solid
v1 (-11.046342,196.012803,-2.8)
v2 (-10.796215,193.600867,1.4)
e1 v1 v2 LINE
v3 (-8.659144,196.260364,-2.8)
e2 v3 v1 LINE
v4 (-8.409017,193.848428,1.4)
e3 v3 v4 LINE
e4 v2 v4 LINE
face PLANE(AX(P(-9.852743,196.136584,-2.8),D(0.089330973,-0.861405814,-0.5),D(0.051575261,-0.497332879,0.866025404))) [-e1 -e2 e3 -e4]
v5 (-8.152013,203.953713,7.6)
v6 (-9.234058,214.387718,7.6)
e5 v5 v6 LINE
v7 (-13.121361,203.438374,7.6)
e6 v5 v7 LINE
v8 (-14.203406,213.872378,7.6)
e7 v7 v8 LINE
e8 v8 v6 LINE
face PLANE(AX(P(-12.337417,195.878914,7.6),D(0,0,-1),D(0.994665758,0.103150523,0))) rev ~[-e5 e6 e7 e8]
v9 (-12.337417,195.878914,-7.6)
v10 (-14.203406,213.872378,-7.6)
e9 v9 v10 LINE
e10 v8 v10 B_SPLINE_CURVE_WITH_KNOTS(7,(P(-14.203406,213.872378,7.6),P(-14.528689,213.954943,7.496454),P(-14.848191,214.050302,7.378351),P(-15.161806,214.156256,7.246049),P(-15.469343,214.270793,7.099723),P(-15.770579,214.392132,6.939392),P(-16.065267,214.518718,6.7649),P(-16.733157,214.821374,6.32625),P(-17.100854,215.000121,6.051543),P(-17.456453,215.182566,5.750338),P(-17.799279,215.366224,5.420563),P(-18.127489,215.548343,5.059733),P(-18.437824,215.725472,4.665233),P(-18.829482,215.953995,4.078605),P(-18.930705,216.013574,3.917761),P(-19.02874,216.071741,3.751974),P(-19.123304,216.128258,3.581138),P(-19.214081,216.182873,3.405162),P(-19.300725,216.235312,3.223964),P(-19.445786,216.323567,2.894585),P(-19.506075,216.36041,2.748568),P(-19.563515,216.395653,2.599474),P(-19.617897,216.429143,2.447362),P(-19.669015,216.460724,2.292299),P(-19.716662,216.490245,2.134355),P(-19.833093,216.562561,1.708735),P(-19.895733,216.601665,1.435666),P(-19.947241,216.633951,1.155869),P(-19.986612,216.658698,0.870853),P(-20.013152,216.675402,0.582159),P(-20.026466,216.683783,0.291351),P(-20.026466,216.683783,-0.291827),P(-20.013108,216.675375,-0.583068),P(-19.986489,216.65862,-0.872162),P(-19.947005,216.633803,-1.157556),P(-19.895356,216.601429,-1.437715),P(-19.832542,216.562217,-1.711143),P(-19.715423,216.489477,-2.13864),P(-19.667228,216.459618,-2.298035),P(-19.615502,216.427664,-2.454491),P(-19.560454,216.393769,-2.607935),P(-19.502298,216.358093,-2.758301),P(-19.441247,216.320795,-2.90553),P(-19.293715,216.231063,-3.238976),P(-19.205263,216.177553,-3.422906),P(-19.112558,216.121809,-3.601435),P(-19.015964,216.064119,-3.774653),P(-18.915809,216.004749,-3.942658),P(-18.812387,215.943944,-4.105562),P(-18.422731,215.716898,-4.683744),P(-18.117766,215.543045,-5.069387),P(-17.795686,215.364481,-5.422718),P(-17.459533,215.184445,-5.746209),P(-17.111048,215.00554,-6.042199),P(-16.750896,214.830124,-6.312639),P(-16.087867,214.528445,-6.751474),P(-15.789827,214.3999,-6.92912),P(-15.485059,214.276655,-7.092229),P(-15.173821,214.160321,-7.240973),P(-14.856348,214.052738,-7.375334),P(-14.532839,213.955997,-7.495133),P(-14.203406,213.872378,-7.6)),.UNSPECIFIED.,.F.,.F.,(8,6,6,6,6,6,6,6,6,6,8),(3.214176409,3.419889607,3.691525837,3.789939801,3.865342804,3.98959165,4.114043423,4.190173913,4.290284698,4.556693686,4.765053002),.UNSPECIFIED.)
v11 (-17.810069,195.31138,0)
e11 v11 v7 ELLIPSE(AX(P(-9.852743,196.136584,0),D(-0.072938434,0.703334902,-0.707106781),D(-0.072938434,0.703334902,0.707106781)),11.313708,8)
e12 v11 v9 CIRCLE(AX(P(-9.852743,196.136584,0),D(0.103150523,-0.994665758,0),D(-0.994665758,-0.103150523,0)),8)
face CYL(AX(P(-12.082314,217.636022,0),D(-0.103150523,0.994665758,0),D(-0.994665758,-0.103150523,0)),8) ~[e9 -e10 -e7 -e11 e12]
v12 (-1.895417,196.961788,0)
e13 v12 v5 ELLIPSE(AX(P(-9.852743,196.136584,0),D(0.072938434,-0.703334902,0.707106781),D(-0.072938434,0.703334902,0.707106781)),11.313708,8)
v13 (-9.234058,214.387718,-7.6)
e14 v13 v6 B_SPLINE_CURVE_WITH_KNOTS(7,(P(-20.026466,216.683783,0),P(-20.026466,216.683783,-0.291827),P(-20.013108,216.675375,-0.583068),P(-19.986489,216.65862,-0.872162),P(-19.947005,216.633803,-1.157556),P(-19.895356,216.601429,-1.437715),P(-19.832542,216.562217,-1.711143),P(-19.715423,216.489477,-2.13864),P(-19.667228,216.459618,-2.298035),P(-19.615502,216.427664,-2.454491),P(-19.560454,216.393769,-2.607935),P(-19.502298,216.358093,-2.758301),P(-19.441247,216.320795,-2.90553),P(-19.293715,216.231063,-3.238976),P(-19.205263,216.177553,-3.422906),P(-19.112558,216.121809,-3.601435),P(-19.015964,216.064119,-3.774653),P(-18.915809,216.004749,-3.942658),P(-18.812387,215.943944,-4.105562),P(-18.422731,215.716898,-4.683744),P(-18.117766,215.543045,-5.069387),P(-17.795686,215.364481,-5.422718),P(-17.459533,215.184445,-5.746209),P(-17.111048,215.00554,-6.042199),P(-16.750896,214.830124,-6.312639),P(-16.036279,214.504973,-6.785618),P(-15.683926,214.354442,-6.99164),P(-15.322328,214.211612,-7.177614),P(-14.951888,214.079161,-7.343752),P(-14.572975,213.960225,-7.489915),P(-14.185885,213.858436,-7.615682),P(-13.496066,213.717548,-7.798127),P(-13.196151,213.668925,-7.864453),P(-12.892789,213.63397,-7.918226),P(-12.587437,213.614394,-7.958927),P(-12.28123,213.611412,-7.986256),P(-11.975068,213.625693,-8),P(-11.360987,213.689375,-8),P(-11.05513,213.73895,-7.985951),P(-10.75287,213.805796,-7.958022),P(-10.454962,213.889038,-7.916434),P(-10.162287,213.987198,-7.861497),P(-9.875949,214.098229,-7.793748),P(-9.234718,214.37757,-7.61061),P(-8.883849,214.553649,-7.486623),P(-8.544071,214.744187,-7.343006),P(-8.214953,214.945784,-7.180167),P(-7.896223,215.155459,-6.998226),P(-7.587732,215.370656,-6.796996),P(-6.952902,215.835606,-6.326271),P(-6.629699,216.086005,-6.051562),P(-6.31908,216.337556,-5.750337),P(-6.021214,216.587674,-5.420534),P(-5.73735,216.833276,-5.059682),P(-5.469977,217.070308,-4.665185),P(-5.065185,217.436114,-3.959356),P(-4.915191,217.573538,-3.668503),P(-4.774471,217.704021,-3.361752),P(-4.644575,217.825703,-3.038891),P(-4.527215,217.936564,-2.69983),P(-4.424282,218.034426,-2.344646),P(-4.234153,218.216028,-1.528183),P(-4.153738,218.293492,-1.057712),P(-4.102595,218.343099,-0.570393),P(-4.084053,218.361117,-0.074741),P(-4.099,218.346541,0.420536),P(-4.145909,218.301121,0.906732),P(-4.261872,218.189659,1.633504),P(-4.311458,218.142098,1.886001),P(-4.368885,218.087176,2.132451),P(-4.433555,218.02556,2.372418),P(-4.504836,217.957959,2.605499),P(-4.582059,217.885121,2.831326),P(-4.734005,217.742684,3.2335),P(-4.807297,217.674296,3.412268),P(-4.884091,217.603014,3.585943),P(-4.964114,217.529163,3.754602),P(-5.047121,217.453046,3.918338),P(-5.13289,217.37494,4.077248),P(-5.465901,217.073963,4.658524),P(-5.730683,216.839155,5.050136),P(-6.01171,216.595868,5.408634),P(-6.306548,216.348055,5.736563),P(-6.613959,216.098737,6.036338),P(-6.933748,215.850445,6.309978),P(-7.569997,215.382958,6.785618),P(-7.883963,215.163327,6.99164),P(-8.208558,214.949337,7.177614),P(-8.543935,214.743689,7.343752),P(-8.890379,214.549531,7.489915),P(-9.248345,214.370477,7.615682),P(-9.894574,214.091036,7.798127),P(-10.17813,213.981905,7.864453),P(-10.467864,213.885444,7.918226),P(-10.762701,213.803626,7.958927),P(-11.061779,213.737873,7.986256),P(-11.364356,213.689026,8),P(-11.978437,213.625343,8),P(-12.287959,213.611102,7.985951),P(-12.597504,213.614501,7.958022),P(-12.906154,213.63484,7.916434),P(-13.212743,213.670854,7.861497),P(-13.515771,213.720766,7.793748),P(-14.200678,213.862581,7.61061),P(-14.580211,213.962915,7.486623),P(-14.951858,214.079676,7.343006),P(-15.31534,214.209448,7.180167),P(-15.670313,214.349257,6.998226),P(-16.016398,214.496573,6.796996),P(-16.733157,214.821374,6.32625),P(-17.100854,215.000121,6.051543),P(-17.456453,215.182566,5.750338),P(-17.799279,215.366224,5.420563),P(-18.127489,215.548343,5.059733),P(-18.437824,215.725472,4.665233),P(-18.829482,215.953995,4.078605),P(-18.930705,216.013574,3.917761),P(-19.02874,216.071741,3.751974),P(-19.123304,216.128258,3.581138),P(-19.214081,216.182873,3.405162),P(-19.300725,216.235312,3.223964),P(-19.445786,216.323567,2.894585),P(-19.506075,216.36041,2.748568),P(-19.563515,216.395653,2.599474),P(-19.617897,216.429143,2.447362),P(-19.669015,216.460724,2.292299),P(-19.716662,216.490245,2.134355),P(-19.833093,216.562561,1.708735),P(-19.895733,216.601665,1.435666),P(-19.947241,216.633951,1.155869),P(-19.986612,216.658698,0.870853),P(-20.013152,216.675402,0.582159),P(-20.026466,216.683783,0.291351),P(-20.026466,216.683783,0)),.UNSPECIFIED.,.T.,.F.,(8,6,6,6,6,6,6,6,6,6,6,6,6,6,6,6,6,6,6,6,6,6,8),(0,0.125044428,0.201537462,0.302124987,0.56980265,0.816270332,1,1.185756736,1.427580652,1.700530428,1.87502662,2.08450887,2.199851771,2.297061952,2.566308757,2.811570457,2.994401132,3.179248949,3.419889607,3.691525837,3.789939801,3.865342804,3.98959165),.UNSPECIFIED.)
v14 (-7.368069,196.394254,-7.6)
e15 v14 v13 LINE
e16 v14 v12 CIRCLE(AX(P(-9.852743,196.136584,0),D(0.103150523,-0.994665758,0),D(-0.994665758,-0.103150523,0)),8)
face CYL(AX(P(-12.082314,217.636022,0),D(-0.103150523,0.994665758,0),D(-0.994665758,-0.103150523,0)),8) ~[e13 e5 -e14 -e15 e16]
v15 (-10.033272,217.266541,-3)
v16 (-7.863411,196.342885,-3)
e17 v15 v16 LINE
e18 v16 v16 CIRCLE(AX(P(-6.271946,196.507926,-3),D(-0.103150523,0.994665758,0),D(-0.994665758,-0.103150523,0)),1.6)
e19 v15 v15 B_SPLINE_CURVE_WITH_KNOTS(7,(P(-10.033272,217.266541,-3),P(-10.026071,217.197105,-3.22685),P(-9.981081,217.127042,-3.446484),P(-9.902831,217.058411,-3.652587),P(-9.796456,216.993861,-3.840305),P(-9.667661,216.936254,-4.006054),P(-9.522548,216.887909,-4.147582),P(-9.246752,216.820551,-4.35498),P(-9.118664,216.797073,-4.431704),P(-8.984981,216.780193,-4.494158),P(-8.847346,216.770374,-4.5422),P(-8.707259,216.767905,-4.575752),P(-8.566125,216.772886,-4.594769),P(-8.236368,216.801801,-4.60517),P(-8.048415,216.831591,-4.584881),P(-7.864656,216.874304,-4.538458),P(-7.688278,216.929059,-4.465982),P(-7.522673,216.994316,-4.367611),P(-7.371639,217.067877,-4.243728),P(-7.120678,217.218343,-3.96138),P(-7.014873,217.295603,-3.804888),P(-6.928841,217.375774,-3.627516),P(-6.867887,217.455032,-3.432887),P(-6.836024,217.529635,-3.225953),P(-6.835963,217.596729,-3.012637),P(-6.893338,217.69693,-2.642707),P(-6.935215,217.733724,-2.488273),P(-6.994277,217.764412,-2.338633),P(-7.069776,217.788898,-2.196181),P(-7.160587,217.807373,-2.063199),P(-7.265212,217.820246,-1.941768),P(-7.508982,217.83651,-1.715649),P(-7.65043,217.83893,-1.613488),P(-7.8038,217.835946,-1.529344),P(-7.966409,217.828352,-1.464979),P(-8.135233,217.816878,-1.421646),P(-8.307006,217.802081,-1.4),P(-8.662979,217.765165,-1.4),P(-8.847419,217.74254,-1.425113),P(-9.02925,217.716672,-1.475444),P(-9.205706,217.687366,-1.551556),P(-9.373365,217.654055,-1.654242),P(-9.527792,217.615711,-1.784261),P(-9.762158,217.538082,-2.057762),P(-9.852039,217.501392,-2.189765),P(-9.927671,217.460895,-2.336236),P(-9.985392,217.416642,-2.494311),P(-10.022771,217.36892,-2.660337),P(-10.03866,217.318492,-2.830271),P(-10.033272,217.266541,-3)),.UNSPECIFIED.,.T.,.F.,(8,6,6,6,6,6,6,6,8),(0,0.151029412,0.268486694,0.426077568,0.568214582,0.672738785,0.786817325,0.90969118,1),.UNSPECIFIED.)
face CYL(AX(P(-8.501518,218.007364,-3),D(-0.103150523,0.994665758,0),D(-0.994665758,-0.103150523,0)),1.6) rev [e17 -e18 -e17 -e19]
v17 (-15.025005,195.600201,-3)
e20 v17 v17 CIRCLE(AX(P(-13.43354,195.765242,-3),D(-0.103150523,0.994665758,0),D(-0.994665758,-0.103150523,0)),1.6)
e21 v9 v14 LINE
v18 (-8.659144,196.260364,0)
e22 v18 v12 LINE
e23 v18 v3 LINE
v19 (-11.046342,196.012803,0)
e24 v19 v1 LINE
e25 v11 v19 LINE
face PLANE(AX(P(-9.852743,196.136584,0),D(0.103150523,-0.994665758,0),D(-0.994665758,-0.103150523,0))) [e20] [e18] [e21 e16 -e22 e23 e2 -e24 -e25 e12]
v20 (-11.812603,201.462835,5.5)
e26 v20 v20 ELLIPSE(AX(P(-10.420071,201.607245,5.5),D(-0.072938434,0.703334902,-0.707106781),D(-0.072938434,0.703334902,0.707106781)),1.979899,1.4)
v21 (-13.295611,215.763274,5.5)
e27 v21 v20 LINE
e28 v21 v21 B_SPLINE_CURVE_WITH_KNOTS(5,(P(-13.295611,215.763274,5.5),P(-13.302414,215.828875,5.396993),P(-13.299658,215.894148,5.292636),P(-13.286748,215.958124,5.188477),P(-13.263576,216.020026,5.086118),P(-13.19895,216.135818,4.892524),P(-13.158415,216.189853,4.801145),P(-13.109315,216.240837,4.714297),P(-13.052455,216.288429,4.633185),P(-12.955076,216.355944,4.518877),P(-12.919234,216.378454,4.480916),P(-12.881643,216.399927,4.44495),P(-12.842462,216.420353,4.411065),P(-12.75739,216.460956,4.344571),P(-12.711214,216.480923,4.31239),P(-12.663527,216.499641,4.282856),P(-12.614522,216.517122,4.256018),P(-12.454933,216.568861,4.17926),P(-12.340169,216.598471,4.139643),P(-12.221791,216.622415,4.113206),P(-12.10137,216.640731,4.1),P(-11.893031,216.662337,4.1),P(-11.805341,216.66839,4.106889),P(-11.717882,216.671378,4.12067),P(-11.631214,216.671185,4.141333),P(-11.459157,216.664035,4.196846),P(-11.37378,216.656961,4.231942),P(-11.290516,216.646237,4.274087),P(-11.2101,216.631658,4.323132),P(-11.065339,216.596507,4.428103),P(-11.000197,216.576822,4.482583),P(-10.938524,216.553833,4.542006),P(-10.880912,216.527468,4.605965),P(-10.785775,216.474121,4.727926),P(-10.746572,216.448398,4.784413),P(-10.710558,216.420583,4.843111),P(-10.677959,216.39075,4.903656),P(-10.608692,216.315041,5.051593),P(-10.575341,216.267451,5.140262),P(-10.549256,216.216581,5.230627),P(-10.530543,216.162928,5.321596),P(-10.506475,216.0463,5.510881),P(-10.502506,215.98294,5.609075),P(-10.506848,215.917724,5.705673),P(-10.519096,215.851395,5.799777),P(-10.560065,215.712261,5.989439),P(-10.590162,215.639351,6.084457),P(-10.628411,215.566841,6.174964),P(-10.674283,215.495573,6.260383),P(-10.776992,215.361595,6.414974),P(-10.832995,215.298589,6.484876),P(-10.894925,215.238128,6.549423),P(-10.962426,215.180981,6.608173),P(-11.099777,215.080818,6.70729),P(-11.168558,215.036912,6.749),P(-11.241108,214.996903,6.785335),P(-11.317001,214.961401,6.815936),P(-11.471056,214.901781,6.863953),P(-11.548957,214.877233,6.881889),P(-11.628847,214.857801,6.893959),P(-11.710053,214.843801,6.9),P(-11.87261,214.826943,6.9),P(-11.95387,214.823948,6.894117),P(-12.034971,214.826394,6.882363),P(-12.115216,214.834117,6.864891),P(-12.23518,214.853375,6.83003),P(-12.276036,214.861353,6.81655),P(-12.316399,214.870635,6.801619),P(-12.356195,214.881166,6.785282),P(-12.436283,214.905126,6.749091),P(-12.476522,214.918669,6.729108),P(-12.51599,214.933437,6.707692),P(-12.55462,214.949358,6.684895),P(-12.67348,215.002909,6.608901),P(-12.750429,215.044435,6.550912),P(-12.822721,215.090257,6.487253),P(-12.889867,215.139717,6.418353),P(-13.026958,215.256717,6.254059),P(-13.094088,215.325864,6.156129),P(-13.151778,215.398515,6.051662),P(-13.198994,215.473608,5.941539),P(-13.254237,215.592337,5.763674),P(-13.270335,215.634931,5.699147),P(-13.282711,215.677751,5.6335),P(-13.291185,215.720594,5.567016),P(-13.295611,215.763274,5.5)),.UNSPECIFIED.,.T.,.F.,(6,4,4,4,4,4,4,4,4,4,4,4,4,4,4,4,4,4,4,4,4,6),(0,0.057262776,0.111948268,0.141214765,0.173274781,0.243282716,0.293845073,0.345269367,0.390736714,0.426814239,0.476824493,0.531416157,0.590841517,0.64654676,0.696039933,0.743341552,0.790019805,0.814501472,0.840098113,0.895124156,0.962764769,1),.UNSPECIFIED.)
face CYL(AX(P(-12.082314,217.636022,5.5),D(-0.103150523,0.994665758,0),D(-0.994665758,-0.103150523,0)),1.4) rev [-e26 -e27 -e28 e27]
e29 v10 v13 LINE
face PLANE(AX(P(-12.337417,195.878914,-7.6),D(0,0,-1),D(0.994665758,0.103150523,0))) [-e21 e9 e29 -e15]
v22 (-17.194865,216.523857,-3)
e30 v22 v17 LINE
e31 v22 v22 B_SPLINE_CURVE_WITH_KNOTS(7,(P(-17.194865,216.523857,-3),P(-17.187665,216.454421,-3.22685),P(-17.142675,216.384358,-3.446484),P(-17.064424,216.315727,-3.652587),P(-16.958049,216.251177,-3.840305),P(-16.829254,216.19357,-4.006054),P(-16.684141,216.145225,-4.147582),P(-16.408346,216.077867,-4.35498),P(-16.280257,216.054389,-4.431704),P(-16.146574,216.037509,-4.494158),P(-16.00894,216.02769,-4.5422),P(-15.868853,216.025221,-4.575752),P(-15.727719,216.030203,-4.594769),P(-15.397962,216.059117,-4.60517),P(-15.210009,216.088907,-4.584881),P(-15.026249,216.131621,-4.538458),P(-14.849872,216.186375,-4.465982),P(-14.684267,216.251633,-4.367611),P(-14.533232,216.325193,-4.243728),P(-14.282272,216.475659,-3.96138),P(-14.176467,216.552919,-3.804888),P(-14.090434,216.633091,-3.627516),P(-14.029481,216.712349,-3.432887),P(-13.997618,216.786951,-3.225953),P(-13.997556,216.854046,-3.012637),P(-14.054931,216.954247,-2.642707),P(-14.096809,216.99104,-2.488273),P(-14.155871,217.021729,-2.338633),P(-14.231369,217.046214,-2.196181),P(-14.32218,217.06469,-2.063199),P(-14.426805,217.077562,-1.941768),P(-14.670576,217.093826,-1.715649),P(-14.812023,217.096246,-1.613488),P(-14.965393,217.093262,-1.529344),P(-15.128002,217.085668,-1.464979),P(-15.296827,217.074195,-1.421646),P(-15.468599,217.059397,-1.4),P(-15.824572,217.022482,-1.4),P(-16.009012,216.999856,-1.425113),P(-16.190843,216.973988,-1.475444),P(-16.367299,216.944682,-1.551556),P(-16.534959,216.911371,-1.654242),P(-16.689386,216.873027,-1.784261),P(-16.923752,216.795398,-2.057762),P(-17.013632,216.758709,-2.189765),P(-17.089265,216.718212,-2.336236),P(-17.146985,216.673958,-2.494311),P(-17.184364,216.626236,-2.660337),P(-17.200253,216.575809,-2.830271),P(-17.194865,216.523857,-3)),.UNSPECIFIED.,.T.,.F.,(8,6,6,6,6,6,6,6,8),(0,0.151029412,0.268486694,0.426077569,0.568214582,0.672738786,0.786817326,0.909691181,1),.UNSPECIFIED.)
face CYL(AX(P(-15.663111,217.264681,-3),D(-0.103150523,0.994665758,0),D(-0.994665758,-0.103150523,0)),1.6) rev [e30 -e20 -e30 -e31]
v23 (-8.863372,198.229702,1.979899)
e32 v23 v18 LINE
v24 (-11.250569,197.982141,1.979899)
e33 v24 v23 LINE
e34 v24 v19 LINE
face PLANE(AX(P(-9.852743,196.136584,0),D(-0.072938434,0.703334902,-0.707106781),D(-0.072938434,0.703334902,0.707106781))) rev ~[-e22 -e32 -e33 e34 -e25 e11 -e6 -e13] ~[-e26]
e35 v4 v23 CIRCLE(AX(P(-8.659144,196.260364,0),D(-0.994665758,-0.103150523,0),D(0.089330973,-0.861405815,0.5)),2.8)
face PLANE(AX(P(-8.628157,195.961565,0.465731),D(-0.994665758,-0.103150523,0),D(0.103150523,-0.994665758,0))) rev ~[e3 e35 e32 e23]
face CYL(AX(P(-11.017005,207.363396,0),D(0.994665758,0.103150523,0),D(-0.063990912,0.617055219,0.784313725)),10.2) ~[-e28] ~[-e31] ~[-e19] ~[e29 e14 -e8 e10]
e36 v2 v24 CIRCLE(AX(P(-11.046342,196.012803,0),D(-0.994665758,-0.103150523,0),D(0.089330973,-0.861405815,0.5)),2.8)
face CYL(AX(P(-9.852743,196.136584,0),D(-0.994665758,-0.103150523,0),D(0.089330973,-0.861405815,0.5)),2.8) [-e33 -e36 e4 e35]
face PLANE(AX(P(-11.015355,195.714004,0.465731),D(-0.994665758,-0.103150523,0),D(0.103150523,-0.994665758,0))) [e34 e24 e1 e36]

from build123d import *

# Parameters (mm, degrees)
SKETCH3_R               = 8
BOSS_EXTRUDE1_DEPTH     = 21.614736842
CUT_EXTRUDE1_DEPTH      = 11.217678336
CUT_EXTRUDE1_DEPTH_BACK = 11.217678336
CUT_EXTRUDE2_DEPTH      = 11.204574664
CUT_EXTRUDE2_DEPTH_BACK = 11.204574665
BOSS_EXTRUDE3_DEPTH     = 1.2
SKETCH8_R               = 1.6
SKETCH8_R_2             = 1.4
CUT_EXTRUDE3_DEPTH      = 25.957729977
CUT_EXTRUDE3_DEPTH_BACK = 2.513887999
CUT_EXTRUDE4_DEPTH      = 24.128624841


with BuildPart() as part:
    # Sketch3 → Boss-Extrude1 (new body)
    with BuildSketch(Plane(origin=(-12.082314344, 217.636022384, 0), x_dir=(-0.994665758, -0.103150523, 0), z_dir=(0.103150523, -0.994665758, 0))):
        Circle(SKETCH3_R)
    extrude(amount=BOSS_EXTRUDE1_DEPTH)

    # Sketch4 → Cut-Extrude1 (cut, two sides)
    with BuildSketch(Plane(origin=(10.375761543, 1.076004901, 0), x_dir=(0.103150523, -0.994665758, 0), z_dir=(-0.994665758, -0.103150523, 0))) as cut_extrude1_sk:
        with BuildLine():
            Line((-217.721396158, 8), (-213.721396158, 8))
            ThreePointArc((-213.721396158, 8), (-217.59367935, 0), (-213.721396158, -8))
            Line((-213.721396158, -8), (-217.721396158, -8))
            Line((-217.721396158, -8), (-217.721396158, 8))
        make_face()
    extrude(amount=CUT_EXTRUDE1_DEPTH, mode=Mode.SUBTRACT)
    extrude(cut_extrude1_sk.sketch, amount=-CUT_EXTRUDE1_DEPTH_BACK, mode=Mode.SUBTRACT)

    # Sketch5 → Cut-Extrude2 (cut, two sides)
    with BuildSketch(Plane(origin=(10.375761543, 1.076004901, 0), x_dir=(0.103150523, -0.994665758, 0), z_dir=(-0.994665758, -0.103150523, 0))) as cut_extrude2_sk:
        Polygon((-196.106659316, 0), (-204.106659316, 8), (-196.106659316, 8), align=None)
    extrude(amount=CUT_EXTRUDE2_DEPTH, mode=Mode.SUBTRACT)
    extrude(cut_extrude2_sk.sketch, amount=-CUT_EXTRUDE2_DEPTH_BACK, mode=Mode.SUBTRACT)

    # Sketch7 → Boss-Extrude3 (add, symmetric)
    with BuildSketch(Plane(origin=(10.375761543, 1.076004901, 0), x_dir=(0.103150523, -0.994665758, 0), z_dir=(-0.994665758, -0.103150523, 0))):
        with BuildLine():
            Line((-198.086558303, 1.979898987), (-196.106659316, 0))
            Line((-196.106659316, 0), (-196.106659316, -2.8))
            Line((-196.106659316, -2.8), (-193.681788185, 1.4))
            ThreePointArc((-193.681788185, 1.4), (-195.741185977, 2.776045612), (-198.086558303, 1.979898987))
        make_face()
    extrude(amount=BOSS_EXTRUDE3_DEPTH, both=True)

    # Sketch8 → Cut-Extrude3 (cut, two sides)
    with BuildSketch(Plane(origin=(-12.082314344, 217.636022384, 0), x_dir=(-0.994665758, -0.103150523, 0), z_dir=(0.103150523, -0.994665758, 0))) as cut_extrude3_sk:
        with Locations((-3.6, 3)):
            Circle(SKETCH8_R)
        with Locations((3.6, 3)):
            Circle(SKETCH8_R)
        with Locations((0, -5.5)):
            Circle(SKETCH8_R_2)
    extrude(amount=CUT_EXTRUDE3_DEPTH, mode=Mode.SUBTRACT)
    extrude(cut_extrude3_sk.sketch, amount=-CUT_EXTRUDE3_DEPTH_BACK, mode=Mode.SUBTRACT)

    # Sketch9 → Cut-Extrude4 (cut, through all)
    with BuildSketch(Plane(origin=(-20.228504477, 195.060578884, 0), x_dir=(0.994665758, 0.103150523, 0), z_dir=(0.103150523, -0.994665758, 0))):
        with BuildLine():
            Line((7.933405986, -7.6), (12.929404385, -7.6))
            ThreePointArc((12.929404385, -7.6), (10.431405186, -8), (7.933405986, -7.6))
        make_face()
        with BuildLine():
            Line((7.933405986, 7.6), (12.929404385, 7.6))
            ThreePointArc((12.929404385, 7.6), (10.431405186, 8), (7.933405986, 7.6))
        make_face()
    extrude(amount=-CUT_EXTRUDE4_DEPTH, mode=Mode.SUBTRACT)


solid = part.part
